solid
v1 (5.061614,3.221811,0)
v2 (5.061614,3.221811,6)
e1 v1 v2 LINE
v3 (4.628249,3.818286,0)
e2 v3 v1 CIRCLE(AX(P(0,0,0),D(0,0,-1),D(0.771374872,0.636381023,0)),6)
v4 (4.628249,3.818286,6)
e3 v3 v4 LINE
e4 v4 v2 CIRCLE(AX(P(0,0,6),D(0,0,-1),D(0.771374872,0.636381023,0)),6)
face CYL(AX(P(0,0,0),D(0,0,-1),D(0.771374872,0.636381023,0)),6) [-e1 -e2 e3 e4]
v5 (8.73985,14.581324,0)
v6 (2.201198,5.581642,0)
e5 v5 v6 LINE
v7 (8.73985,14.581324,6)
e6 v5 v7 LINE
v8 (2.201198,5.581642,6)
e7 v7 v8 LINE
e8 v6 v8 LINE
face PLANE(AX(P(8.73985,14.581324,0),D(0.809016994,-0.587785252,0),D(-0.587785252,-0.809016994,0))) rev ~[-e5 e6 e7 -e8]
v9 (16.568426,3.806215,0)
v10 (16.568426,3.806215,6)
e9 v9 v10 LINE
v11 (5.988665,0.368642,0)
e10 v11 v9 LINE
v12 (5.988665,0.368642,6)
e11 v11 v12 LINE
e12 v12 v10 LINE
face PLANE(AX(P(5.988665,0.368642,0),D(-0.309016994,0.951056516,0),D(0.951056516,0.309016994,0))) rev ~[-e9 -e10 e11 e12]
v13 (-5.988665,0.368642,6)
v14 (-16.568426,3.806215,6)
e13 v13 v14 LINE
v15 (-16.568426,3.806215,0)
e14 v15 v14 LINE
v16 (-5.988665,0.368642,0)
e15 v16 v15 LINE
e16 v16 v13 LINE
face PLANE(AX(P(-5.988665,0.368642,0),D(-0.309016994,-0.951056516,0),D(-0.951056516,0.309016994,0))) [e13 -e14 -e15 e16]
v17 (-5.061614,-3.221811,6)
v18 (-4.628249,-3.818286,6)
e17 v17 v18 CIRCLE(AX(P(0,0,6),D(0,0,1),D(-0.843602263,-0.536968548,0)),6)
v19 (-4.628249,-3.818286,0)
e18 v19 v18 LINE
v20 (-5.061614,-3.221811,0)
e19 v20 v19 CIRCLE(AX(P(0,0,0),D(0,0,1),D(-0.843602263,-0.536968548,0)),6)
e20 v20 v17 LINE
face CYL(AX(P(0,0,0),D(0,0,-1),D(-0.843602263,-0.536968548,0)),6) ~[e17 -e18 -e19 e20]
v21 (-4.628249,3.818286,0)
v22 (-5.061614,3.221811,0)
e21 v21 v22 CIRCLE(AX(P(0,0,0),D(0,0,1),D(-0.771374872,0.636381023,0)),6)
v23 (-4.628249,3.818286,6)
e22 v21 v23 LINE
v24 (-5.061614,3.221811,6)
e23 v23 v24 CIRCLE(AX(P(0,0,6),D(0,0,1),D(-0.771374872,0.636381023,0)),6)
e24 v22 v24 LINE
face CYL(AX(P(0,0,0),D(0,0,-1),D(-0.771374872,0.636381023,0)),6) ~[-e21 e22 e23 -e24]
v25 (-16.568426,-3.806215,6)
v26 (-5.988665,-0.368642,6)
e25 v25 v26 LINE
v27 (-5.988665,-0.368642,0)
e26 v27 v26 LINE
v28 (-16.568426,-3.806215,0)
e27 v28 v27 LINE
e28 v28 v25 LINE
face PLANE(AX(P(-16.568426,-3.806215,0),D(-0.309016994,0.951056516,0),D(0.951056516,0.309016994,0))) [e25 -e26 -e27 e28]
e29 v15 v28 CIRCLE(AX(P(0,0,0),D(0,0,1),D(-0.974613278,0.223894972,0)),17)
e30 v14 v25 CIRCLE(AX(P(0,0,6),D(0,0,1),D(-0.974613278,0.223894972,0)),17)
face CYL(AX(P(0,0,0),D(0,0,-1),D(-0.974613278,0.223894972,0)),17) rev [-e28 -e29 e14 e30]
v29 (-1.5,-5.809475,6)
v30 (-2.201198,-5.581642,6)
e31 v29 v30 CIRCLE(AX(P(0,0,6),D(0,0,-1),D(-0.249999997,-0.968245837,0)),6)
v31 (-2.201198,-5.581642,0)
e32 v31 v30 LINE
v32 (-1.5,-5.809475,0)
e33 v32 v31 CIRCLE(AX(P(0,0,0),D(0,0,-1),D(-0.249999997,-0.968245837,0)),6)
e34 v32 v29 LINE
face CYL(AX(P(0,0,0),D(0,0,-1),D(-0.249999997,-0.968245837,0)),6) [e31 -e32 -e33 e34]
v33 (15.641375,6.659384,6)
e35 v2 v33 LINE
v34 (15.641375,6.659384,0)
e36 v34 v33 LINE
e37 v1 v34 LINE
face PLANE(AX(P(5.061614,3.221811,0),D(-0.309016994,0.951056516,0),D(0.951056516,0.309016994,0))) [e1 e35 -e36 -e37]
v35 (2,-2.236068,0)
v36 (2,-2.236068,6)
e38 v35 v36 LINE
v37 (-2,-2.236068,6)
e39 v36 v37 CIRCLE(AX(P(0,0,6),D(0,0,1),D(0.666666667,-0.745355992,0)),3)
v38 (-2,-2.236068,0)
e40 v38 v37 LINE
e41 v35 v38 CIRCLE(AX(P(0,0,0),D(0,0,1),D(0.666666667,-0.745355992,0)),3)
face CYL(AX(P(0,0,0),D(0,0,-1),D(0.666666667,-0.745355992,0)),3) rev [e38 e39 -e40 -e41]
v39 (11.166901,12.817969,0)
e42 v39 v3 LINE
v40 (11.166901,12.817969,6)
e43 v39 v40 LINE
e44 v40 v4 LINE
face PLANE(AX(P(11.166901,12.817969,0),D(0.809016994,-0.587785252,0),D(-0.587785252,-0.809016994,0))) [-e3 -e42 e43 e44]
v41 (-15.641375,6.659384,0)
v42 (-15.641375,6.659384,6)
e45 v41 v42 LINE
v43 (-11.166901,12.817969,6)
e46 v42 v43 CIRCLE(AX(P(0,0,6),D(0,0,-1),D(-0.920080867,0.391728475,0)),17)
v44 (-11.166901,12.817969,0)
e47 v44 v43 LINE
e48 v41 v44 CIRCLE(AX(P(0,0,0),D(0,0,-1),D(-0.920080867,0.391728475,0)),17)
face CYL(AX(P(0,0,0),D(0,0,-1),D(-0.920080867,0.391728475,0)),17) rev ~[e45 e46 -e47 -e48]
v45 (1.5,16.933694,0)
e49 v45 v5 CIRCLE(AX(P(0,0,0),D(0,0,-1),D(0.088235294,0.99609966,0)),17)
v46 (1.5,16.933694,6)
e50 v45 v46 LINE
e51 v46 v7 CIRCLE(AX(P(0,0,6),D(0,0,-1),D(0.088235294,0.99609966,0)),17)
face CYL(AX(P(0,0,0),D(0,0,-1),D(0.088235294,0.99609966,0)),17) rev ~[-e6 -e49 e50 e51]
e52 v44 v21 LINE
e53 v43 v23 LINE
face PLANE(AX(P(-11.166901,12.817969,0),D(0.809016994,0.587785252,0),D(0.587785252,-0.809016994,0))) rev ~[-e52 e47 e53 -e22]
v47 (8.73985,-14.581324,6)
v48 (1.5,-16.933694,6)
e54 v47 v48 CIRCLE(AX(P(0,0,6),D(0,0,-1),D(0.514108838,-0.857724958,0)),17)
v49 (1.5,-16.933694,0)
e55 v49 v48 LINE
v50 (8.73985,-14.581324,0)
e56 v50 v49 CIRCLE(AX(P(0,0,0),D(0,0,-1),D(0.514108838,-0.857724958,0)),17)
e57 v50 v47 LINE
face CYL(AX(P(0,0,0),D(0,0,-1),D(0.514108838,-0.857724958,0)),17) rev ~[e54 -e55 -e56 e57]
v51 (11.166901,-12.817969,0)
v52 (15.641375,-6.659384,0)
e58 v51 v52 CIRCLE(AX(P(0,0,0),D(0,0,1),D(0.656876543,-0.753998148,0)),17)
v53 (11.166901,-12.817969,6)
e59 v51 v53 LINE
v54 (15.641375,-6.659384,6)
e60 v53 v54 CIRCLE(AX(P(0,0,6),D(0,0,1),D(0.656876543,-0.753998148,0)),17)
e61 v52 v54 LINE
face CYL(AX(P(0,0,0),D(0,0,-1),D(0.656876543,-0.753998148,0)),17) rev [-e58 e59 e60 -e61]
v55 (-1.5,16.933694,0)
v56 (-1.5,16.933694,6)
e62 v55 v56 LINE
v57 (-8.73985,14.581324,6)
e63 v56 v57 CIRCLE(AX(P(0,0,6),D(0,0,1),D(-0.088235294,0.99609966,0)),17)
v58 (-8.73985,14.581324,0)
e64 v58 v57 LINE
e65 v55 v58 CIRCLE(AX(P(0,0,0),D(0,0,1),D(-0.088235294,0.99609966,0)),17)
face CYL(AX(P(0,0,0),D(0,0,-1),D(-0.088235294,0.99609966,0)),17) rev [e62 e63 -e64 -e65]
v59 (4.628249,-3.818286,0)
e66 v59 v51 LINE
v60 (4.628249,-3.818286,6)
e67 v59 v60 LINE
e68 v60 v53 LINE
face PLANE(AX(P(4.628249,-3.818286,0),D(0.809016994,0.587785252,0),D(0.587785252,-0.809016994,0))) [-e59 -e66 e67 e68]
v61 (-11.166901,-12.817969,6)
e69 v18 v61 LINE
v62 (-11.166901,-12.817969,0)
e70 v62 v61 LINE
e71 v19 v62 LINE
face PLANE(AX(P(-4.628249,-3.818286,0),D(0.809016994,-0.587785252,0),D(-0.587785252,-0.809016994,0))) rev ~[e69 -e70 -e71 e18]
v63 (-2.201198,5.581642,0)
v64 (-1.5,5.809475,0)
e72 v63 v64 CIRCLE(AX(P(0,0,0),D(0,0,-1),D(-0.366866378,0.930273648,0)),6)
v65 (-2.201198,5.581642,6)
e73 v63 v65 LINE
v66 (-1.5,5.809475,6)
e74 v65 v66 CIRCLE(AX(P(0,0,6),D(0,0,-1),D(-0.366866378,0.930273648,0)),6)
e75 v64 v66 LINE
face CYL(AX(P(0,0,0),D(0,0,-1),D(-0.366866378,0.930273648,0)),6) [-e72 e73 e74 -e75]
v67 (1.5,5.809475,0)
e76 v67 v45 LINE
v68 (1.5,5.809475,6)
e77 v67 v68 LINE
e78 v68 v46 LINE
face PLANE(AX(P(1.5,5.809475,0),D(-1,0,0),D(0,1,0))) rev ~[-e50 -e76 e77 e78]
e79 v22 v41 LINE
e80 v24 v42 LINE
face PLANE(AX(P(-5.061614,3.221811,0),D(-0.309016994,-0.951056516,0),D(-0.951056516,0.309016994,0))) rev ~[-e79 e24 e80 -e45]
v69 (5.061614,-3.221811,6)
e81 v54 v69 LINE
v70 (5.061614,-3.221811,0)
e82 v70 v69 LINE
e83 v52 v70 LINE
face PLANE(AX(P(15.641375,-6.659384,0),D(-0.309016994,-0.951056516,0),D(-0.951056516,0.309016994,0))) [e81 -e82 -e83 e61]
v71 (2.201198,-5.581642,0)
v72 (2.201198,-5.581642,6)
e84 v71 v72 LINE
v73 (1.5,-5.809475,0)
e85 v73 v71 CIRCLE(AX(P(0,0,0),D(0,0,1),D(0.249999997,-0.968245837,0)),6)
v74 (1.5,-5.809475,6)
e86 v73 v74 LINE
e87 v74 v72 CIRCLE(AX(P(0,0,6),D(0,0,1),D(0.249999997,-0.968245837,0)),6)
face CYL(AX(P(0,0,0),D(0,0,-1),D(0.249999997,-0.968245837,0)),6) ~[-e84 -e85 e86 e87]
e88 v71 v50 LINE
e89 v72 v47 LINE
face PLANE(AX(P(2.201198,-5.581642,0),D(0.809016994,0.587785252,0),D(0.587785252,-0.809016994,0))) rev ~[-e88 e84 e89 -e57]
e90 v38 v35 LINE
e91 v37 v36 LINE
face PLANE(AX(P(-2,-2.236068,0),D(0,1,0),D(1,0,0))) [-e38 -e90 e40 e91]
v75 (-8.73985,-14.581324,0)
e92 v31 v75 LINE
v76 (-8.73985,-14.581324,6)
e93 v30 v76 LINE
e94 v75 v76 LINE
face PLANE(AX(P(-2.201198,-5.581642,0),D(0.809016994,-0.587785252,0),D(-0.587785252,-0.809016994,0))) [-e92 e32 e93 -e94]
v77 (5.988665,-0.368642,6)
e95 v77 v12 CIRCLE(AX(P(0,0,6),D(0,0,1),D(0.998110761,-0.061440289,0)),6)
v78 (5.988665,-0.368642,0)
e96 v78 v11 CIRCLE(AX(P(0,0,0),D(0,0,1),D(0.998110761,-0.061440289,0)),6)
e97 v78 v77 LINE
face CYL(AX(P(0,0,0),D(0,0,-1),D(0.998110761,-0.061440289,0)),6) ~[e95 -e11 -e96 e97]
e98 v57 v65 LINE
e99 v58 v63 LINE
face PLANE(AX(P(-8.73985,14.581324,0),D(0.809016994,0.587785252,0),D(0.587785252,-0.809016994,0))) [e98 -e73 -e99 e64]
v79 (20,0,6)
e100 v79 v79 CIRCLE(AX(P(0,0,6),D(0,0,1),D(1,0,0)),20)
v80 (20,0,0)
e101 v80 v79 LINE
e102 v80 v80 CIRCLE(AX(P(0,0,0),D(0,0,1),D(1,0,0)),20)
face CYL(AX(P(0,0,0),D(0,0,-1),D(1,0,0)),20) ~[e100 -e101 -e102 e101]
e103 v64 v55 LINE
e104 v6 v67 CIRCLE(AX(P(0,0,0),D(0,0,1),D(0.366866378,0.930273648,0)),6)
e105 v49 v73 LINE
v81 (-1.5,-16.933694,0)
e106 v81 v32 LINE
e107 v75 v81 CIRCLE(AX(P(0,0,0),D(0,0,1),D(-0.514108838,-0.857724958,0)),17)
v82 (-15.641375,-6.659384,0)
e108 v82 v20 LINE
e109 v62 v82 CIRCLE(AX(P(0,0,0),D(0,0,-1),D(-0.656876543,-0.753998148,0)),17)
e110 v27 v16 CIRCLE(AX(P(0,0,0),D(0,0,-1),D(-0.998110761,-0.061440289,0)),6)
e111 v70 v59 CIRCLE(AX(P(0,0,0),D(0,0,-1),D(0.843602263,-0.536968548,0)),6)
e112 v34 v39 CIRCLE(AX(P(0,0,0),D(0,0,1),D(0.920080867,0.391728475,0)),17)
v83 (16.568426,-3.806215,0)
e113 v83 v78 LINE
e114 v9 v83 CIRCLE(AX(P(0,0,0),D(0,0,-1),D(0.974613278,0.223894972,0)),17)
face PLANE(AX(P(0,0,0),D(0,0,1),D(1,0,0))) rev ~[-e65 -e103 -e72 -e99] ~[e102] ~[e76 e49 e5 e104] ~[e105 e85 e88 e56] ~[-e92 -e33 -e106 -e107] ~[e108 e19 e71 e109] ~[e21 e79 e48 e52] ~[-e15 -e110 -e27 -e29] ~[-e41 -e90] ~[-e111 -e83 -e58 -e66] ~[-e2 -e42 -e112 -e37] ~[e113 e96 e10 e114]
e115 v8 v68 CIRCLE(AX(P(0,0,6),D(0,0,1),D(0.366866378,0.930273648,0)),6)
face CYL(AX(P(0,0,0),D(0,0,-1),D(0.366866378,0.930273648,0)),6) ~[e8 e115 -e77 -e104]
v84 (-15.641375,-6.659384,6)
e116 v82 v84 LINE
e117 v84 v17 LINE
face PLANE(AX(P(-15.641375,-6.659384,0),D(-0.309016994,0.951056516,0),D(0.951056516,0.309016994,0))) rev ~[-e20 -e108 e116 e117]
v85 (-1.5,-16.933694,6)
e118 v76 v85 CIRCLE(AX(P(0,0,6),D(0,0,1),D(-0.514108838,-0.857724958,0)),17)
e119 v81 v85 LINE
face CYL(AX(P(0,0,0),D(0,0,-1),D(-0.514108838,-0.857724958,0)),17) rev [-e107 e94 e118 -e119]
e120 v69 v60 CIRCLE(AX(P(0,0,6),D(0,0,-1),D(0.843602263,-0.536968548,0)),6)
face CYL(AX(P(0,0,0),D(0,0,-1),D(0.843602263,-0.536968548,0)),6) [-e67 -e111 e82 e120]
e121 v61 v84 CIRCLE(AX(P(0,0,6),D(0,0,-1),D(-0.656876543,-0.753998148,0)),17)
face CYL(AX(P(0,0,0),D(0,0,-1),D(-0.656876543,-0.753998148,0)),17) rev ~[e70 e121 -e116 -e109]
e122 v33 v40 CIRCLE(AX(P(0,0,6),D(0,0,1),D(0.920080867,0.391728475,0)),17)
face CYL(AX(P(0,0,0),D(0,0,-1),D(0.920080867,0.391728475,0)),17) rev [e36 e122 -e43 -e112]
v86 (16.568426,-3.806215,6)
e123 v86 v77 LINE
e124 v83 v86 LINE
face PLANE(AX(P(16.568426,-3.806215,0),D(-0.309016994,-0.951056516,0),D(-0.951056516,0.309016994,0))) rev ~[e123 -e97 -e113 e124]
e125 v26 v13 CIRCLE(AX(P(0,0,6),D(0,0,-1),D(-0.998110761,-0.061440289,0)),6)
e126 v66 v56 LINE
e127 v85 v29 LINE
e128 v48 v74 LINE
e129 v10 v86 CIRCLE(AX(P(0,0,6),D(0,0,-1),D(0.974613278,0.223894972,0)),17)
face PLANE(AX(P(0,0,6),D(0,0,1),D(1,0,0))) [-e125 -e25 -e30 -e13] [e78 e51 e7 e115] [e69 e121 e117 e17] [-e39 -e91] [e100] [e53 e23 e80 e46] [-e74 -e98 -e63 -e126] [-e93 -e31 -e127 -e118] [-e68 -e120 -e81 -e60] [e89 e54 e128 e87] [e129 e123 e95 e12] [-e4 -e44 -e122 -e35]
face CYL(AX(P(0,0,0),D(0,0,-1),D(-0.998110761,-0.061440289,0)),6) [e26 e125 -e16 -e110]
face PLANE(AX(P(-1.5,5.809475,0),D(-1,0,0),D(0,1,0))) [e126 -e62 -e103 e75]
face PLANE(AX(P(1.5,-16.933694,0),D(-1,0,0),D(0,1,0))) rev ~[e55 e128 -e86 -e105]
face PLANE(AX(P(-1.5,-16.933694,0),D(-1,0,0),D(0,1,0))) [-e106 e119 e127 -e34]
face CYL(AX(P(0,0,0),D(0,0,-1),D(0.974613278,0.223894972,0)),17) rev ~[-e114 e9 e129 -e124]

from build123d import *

# Parameters (mm, degrees)
SKETCH1_R           = 20
BOSS_EXTRUDE1_DEPTH = 6


with BuildPart() as part:
    # Sketch1 → Boss-Extrude1 (new body)
    with BuildSketch(Plane.XY):
        Circle(SKETCH1_R)
        with BuildLine():
            Line((-2, -2.236067977), (2, -2.236067977))
            ThreePointArc((2, -2.236067977), (0, 3), (-2, -2.236067977))
        make_face(mode=Mode.SUBTRACT)
        with BuildLine():
            Line((-16.568425726, -3.806214518), (-5.988664565, -0.368641735))
            ThreePointArc((-5.988664565, -0.368641735), (-6, 0), (-5.988664565, 0.368641735))
            Line((-5.988664565, 0.368641735), (-16.568425726, 3.806214518))
            ThreePointArc((-16.568425726, 3.806214518), (-17, 0), (-16.568425726, -3.806214518))
        make_face(mode=Mode.SUBTRACT)
        with BuildLine():
            Line((-1.5, -16.933694222), (-1.5, -5.809475019))
            ThreePointArc((-1.5, -5.809475019), (-1.854101966, -5.706339098), (-2.201198248, -5.581641897))
            Line((-2.201198248, -5.581641897), (-8.739850239, -14.581324281))
            ThreePointArc((-8.739850239, -14.581324281), (-5.253288904, -16.167960777), (-1.5, -16.933694222))
        make_face(mode=Mode.SUBTRACT)
        with BuildLine():
            Line((1.5, -16.933694222), (1.5, -5.809475019))
            ThreePointArc((1.5, -5.809475019), (1.854101966, -5.706339098), (2.201198248, -5.581641897))
            Line((2.201198248, -5.581641897), (8.739850239, -14.581324281))
            ThreePointArc((8.739850239, -14.581324281), (5.253288904, -16.167960777), (1.5, -16.933694222))
        make_face(mode=Mode.SUBTRACT)
        with BuildLine():
            Line((-1.5, 5.809475019), (-1.5, 16.933694222))
            ThreePointArc((-1.5, 16.933694222), (-5.253288904, 16.167960777), (-8.739850239, 14.581324281))
            Line((-8.739850239, 14.581324281), (-2.201198248, 5.581641897))
            ThreePointArc((-2.201198248, 5.581641897), (-1.854101966, 5.706339098), (-1.5, 5.809475019))
        make_face(mode=Mode.SUBTRACT)
        with BuildLine():
            Line((-5.061613582, 3.221811284), (-15.641374743, 6.659384067))
            ThreePointArc((-15.641374743, 6.659384067), (-13.753288904, 9.992349289), (-11.166901222, 12.817968525))
            Line((-11.166901222, 12.817968525), (-4.628249231, 3.818286141))
            ThreePointArc((-4.628249231, 3.818286141), (-4.854101966, 3.526711514), (-5.061613582, 3.221811284))
        make_face(mode=Mode.SUBTRACT)
        with BuildLine():
            Line((-15.641374743, -6.659384067), (-5.061613582, -3.221811284))
            ThreePointArc((-5.061613582, -3.221811284), (-4.854101966, -3.526711514), (-4.628249231, -3.818286141))
            Line((-4.628249231, -3.818286141), (-11.166901222, -12.817968525))
            ThreePointArc((-11.166901222, -12.817968525), (-13.753288904, -9.992349289), (-15.641374743, -6.659384067))
        make_face(mode=Mode.SUBTRACT)
        with BuildLine():
            Line((11.166901222, 12.817968525), (4.628249231, 3.818286141))
            ThreePointArc((4.628249231, 3.818286141), (4.854101966, 3.526711514), (5.061613582, 3.221811284))
            Line((5.061613582, 3.221811284), (15.641374743, 6.659384067))
            ThreePointArc((15.641374743, 6.659384067), (13.753288904, 9.992349289), (11.166901222, 12.817968525))
        make_face(mode=Mode.SUBTRACT)
        with BuildLine():
            Line((8.739850239, 14.581324281), (2.201198248, 5.581641897))
            ThreePointArc((2.201198248, 5.581641897), (1.854101966, 5.706339098), (1.5, 5.809475019))
            Line((1.5, 5.809475019), (1.5, 16.933694222))
            ThreePointArc((1.5, 16.933694222), (5.253288904, 16.167960777), (8.739850239, 14.581324281))
        make_face(mode=Mode.SUBTRACT)
        with BuildLine():
            Line((15.641374743, -6.659384067), (5.061613582, -3.221811284))
            ThreePointArc((5.061613582, -3.221811284), (4.854101966, -3.526711514), (4.628249231, -3.818286141))
            Line((4.628249231, -3.818286141), (11.166901222, -12.817968525))
            ThreePointArc((11.166901222, -12.817968525), (13.753288904, -9.992349289), (15.641374743, -6.659384067))
        make_face(mode=Mode.SUBTRACT)
        with BuildLine():
            Line((16.568425726, -3.806214518), (5.988664565, -0.368641735))
            ThreePointArc((5.988664565, -0.368641735), (6, 0), (5.988664565, 0.368641735))
            Line((5.988664565, 0.368641735), (16.568425726, 3.806214518))
            ThreePointArc((16.568425726, 3.806214518), (17, 0), (16.568425726, -3.806214518))
        make_face(mode=Mode.SUBTRACT)
    extrude(amount=BOSS_EXTRUDE1_DEPTH)


solid = part.part
